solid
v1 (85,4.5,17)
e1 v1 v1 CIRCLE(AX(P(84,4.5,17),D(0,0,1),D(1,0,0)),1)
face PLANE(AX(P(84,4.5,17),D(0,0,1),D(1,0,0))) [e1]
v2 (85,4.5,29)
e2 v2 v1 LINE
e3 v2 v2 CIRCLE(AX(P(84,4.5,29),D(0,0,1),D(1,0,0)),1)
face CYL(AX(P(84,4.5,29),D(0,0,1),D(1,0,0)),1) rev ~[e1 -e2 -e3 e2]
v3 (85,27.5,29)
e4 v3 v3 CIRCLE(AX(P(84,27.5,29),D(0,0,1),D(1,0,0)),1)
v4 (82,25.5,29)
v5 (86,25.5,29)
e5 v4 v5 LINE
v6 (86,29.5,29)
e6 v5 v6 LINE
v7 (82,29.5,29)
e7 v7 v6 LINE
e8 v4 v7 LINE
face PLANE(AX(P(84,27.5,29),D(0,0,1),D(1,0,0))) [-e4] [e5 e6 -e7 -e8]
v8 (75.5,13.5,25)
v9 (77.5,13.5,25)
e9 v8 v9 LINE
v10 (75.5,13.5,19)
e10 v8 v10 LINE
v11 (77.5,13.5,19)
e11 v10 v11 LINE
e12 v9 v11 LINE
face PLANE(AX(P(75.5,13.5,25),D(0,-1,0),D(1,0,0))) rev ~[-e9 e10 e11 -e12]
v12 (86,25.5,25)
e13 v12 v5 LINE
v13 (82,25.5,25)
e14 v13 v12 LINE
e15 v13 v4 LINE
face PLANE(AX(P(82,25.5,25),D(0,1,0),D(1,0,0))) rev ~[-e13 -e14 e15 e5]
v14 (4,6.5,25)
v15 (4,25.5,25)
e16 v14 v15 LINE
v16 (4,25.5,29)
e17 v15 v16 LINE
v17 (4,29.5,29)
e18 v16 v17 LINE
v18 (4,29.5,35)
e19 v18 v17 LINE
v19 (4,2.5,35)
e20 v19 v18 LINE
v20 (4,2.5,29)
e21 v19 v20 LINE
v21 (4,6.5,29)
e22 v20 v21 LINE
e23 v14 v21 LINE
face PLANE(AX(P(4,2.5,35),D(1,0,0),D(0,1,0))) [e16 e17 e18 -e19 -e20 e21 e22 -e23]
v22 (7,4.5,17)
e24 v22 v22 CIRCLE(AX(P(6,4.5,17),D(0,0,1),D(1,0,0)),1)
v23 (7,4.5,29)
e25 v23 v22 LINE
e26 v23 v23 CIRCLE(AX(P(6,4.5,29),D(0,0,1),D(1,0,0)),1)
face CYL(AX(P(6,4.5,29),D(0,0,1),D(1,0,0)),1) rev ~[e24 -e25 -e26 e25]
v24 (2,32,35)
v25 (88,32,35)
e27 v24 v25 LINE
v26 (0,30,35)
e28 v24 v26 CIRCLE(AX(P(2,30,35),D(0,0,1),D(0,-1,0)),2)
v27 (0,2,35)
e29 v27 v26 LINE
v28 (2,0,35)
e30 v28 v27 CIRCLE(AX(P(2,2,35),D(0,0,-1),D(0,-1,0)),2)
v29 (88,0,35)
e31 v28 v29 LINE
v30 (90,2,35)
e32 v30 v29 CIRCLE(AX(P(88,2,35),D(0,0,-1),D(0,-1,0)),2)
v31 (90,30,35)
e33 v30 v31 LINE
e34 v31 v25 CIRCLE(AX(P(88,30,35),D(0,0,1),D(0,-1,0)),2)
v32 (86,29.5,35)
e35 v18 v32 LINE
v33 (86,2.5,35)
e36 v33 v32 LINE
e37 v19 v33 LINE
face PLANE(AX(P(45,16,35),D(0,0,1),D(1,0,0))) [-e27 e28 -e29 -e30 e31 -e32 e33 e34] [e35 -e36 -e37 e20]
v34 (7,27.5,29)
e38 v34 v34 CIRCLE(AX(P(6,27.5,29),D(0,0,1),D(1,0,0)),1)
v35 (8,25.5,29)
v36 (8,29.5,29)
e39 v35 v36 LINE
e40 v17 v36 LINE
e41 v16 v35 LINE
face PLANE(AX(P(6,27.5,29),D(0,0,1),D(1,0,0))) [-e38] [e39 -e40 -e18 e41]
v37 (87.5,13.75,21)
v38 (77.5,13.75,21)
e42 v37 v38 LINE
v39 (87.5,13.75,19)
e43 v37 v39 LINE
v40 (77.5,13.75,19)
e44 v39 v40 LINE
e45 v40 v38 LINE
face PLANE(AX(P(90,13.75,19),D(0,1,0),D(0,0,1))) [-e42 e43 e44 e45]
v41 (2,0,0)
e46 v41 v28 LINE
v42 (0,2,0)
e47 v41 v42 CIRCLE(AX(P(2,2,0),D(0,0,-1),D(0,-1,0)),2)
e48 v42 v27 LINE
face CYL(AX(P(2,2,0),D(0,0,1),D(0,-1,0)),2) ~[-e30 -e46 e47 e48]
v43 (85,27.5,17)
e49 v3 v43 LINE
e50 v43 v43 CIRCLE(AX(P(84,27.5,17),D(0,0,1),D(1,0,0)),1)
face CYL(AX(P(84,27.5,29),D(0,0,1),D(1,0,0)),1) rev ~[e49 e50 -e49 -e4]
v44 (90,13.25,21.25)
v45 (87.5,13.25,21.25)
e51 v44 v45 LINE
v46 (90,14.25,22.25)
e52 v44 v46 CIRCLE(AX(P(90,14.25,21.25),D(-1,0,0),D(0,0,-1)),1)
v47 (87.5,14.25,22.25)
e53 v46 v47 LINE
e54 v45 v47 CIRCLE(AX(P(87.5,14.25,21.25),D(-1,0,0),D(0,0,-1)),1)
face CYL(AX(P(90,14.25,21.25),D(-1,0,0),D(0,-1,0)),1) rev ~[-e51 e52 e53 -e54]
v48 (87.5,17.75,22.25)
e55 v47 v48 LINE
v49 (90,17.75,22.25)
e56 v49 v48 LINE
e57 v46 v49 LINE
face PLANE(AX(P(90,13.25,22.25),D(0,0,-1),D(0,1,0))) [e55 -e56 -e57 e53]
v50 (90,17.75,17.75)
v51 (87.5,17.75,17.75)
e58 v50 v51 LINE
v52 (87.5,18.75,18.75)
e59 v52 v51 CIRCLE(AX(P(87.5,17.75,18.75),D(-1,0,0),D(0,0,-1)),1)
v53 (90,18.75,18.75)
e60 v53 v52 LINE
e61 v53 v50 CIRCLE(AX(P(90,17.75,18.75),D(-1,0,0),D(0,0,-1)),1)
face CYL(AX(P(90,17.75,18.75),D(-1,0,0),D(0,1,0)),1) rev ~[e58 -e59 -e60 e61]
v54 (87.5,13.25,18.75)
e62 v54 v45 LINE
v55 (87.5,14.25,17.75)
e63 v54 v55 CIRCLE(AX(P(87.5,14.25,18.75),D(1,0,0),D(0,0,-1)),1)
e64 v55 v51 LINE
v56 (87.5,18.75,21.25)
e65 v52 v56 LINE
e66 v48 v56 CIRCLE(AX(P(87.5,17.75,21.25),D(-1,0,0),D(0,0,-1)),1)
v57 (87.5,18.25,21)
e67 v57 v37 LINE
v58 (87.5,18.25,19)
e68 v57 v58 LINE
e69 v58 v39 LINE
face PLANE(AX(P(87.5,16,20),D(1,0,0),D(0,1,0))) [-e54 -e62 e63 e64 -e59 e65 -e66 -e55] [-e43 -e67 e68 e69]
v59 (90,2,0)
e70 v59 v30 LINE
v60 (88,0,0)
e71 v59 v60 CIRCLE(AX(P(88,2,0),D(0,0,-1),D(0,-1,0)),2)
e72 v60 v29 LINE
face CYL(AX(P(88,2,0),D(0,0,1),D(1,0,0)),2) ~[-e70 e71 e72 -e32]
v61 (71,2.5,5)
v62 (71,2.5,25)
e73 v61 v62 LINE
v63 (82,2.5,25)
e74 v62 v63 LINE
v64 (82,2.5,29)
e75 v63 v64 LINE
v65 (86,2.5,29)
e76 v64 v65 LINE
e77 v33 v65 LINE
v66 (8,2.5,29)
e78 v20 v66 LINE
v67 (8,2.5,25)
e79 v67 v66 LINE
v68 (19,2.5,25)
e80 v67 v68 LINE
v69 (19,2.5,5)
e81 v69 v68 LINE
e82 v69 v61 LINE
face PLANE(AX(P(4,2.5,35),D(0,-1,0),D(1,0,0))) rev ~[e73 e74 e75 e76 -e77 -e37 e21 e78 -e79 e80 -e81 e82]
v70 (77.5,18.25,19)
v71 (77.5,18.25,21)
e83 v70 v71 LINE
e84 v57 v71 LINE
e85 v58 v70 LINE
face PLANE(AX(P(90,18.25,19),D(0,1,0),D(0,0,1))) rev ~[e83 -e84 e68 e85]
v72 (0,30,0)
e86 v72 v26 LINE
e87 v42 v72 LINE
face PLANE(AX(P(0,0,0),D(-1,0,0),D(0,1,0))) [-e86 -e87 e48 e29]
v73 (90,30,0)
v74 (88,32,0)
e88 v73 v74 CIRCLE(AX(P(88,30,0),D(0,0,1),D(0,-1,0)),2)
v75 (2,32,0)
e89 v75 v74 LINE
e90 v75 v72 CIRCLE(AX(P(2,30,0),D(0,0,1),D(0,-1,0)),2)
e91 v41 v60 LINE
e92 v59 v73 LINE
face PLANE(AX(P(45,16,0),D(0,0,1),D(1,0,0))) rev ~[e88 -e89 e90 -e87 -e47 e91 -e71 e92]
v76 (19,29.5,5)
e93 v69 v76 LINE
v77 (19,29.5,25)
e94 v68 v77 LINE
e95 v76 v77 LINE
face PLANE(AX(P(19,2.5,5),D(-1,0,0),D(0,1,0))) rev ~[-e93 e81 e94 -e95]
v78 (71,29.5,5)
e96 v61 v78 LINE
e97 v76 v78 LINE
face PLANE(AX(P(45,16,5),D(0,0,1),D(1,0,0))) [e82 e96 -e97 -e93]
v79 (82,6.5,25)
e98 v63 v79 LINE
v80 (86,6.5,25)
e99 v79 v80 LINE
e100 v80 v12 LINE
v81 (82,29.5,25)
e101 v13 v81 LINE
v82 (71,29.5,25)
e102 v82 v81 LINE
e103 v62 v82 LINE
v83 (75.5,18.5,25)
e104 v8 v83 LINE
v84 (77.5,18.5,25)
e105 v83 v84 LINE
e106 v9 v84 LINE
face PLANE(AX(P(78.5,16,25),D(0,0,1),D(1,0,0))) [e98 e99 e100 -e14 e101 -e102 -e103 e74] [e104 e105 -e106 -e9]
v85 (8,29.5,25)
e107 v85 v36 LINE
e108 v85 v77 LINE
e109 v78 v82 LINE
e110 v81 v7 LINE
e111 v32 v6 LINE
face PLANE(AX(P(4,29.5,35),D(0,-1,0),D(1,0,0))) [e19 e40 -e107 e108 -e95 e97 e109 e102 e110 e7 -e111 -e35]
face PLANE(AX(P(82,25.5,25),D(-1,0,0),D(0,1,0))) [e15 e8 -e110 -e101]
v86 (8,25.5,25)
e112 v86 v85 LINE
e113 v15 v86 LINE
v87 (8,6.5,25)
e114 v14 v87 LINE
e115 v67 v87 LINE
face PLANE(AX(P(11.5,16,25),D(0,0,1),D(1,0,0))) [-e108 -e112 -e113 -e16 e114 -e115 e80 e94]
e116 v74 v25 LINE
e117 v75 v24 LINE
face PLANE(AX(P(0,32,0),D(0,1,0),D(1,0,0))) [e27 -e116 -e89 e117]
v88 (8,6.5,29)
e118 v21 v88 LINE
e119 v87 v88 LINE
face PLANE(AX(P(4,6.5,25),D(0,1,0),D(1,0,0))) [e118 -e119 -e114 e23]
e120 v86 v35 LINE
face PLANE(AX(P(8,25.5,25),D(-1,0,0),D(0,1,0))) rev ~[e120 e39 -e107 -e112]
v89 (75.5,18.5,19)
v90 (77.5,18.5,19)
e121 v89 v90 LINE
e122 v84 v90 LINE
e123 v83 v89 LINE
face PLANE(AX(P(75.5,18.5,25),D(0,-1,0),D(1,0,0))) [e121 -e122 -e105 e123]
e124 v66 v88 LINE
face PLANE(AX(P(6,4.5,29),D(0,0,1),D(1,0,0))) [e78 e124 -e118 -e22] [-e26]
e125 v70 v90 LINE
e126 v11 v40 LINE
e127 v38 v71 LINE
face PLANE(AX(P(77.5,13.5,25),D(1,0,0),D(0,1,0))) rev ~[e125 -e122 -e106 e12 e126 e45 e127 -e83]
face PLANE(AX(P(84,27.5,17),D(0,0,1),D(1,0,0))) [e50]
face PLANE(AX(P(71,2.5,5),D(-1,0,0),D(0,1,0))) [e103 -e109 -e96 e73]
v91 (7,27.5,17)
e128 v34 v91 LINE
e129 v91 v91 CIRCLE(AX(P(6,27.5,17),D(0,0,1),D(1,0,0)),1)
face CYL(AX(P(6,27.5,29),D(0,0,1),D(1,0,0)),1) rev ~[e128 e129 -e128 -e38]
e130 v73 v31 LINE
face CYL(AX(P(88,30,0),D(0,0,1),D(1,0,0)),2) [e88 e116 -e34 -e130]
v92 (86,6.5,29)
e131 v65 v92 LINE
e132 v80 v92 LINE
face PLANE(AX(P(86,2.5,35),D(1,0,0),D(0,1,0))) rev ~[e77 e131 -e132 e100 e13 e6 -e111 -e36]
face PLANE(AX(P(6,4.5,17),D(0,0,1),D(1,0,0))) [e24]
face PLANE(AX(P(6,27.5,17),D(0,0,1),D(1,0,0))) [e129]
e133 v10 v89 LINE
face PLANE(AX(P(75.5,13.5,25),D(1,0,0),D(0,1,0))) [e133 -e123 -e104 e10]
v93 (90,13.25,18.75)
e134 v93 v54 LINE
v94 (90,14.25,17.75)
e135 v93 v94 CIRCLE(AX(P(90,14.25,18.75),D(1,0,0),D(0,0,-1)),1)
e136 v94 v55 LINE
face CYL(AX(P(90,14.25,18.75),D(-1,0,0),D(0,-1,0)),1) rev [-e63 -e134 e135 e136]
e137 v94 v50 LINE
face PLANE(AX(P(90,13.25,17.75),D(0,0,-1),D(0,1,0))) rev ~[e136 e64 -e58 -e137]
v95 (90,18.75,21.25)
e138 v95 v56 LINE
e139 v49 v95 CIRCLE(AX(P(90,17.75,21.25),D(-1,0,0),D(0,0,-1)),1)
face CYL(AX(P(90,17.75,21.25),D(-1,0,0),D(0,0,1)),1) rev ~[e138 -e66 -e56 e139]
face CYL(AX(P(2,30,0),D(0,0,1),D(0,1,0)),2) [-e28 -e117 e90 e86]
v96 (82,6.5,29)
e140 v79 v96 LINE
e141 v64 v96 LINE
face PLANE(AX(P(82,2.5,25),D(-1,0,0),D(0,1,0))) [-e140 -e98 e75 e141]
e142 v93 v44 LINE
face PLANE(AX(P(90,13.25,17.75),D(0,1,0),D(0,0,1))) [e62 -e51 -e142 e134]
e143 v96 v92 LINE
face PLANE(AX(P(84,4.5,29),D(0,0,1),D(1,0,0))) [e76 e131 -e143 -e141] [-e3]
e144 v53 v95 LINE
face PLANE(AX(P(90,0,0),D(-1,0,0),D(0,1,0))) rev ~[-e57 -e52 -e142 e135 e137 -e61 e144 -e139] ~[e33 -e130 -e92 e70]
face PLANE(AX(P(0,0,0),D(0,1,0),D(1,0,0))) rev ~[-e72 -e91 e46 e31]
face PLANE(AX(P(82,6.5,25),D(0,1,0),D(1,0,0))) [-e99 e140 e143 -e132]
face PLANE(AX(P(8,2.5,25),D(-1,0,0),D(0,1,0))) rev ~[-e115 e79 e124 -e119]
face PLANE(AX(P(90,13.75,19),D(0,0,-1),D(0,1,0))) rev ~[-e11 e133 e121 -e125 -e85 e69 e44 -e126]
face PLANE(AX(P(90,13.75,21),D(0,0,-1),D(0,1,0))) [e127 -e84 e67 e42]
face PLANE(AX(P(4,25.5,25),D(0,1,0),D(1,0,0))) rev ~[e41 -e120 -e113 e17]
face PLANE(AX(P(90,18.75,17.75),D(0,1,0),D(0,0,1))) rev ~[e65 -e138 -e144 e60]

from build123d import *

# Parameters (mm, degrees)
BOX_W           = 90
BOX_H           = 32
BOX_DEPTH       = 35
SKETCH_W        = 82
SKETCH_H        = 27
POCKET_DEPTH    = 30
SKETCH001_W     = 15
SKETCH001_H     = 27
PAD_DEPTH       = 20
SKETCH002_W     = 4
SKETCH002_H     = 4
PAD001_DEPTH    = 4
SKETCH003_W     = 2
SKETCH003_H     = 5
POCKET001_DEPTH = 6
SKETCH004_W     = 4.5
SKETCH004_H     = 2
POCKET002_DEPTH = 13
SKETCH005_W     = 5.5
SKETCH005_H     = 4.5
POCKET003_DEPTH = 2.5
FILLET_R        = 1
SKETCH006_R     = 1
POCKET004_DEPTH = 12
FILLET001_R     = 2


with BuildPart() as part:
    # Box → Box (new body)
    with BuildSketch(Plane.XY):
        with Locations((45, 16)):
            Rectangle(BOX_W, BOX_H)
    extrude(amount=BOX_DEPTH)

    # Sketch (on Face6 of BaseFeature) → Pocket (cut)
    with BuildSketch(Plane.XY.offset(35)):
        with Locations((45, 16)):
            Rectangle(SKETCH_W, SKETCH_H)
    extrude(amount=-POCKET_DEPTH, mode=Mode.SUBTRACT)

    # Sketch001 (on Face11 of Pocket) → Pad (join)
    with BuildSketch(Plane.XY.offset(5)):
        with Locations((11.5, 16)):
            Rectangle(SKETCH001_W, SKETCH001_H)
        with Locations((78.5, 16)):
            Rectangle(SKETCH001_W, SKETCH001_H)
    extrude(amount=PAD_DEPTH)

    # Sketch002 (on Face11 of Pad) → Pad001 (join)
    with BuildSketch(Plane.XY.offset(25)):
        with Locations((6, 27.5)):
            Rectangle(SKETCH002_W, SKETCH002_H)
        with Locations((6, 4.5)):
            Rectangle(SKETCH002_W, SKETCH002_H)
        with Locations((84, 27.5)):
            Rectangle(SKETCH002_W, SKETCH002_H)
        with Locations((84, 4.5)):
            Rectangle(SKETCH002_W, SKETCH002_H)
    extrude(amount=PAD001_DEPTH)

    # Sketch003 (on Face20 of Pad001) → Pocket001 (cut)
    with BuildSketch(Plane.XY.offset(25)):
        with Locations((76.5, 16)):
            Rectangle(SKETCH003_W, SKETCH003_H)
    extrude(amount=-POCKET001_DEPTH, mode=Mode.SUBTRACT)

    # Sketch004 (on Face6 of Pocket001) → Pocket002 (cut)
    with BuildSketch(Plane.YZ.offset(90)):
        with Locations((16, 20)):
            Rectangle(SKETCH004_W, SKETCH004_H)
    extrude(amount=-POCKET002_DEPTH, mode=Mode.SUBTRACT)

    # Sketch005 (on Face6 of Pocket002) → Pocket003 (cut)
    with BuildSketch(Plane.YZ.offset(90)):
        with Locations((16, 20)):
            Rectangle(SKETCH005_W, SKETCH005_H)
    extrude(amount=-POCKET003_DEPTH, mode=Mode.SUBTRACT)

    # Fillet
    fillet_edges = [part.edges().sort_by_distance(p)[0] for p in [
        (88.75, 13.25, 22.25),
        (88.75, 18.75, 22.25),
        (88.75, 13.25, 17.75),
        (88.75, 18.75, 17.75),
    ]]
    fillet(fillet_edges, radius=FILLET_R)

    # Sketch006 (on Face38 of Fillet) → Pocket004 (cut)
    with BuildSketch(Plane.XY.offset(29)):
        with Locations((84, 27.5)):
            Circle(SKETCH006_R)
        with Locations((84, 4.5)):
            Circle(SKETCH006_R)
        with Locations((6, 27.5)):
            Circle(SKETCH006_R)
        with Locations((6, 4.5)):
            Circle(SKETCH006_R)
    extrude(amount=-POCKET004_DEPTH, mode=Mode.SUBTRACT)

    # Fillet001
    fillet001_edges = [part.edges().sort_by_distance(p)[0] for p in [
        (0, 0, 17.5),
        (90, 0, 17.5),
        (90, 32, 17.5),
        (0, 32, 17.5),
    ]]
    fillet(fillet001_edges, radius=FILLET001_R)


solid = part.part
